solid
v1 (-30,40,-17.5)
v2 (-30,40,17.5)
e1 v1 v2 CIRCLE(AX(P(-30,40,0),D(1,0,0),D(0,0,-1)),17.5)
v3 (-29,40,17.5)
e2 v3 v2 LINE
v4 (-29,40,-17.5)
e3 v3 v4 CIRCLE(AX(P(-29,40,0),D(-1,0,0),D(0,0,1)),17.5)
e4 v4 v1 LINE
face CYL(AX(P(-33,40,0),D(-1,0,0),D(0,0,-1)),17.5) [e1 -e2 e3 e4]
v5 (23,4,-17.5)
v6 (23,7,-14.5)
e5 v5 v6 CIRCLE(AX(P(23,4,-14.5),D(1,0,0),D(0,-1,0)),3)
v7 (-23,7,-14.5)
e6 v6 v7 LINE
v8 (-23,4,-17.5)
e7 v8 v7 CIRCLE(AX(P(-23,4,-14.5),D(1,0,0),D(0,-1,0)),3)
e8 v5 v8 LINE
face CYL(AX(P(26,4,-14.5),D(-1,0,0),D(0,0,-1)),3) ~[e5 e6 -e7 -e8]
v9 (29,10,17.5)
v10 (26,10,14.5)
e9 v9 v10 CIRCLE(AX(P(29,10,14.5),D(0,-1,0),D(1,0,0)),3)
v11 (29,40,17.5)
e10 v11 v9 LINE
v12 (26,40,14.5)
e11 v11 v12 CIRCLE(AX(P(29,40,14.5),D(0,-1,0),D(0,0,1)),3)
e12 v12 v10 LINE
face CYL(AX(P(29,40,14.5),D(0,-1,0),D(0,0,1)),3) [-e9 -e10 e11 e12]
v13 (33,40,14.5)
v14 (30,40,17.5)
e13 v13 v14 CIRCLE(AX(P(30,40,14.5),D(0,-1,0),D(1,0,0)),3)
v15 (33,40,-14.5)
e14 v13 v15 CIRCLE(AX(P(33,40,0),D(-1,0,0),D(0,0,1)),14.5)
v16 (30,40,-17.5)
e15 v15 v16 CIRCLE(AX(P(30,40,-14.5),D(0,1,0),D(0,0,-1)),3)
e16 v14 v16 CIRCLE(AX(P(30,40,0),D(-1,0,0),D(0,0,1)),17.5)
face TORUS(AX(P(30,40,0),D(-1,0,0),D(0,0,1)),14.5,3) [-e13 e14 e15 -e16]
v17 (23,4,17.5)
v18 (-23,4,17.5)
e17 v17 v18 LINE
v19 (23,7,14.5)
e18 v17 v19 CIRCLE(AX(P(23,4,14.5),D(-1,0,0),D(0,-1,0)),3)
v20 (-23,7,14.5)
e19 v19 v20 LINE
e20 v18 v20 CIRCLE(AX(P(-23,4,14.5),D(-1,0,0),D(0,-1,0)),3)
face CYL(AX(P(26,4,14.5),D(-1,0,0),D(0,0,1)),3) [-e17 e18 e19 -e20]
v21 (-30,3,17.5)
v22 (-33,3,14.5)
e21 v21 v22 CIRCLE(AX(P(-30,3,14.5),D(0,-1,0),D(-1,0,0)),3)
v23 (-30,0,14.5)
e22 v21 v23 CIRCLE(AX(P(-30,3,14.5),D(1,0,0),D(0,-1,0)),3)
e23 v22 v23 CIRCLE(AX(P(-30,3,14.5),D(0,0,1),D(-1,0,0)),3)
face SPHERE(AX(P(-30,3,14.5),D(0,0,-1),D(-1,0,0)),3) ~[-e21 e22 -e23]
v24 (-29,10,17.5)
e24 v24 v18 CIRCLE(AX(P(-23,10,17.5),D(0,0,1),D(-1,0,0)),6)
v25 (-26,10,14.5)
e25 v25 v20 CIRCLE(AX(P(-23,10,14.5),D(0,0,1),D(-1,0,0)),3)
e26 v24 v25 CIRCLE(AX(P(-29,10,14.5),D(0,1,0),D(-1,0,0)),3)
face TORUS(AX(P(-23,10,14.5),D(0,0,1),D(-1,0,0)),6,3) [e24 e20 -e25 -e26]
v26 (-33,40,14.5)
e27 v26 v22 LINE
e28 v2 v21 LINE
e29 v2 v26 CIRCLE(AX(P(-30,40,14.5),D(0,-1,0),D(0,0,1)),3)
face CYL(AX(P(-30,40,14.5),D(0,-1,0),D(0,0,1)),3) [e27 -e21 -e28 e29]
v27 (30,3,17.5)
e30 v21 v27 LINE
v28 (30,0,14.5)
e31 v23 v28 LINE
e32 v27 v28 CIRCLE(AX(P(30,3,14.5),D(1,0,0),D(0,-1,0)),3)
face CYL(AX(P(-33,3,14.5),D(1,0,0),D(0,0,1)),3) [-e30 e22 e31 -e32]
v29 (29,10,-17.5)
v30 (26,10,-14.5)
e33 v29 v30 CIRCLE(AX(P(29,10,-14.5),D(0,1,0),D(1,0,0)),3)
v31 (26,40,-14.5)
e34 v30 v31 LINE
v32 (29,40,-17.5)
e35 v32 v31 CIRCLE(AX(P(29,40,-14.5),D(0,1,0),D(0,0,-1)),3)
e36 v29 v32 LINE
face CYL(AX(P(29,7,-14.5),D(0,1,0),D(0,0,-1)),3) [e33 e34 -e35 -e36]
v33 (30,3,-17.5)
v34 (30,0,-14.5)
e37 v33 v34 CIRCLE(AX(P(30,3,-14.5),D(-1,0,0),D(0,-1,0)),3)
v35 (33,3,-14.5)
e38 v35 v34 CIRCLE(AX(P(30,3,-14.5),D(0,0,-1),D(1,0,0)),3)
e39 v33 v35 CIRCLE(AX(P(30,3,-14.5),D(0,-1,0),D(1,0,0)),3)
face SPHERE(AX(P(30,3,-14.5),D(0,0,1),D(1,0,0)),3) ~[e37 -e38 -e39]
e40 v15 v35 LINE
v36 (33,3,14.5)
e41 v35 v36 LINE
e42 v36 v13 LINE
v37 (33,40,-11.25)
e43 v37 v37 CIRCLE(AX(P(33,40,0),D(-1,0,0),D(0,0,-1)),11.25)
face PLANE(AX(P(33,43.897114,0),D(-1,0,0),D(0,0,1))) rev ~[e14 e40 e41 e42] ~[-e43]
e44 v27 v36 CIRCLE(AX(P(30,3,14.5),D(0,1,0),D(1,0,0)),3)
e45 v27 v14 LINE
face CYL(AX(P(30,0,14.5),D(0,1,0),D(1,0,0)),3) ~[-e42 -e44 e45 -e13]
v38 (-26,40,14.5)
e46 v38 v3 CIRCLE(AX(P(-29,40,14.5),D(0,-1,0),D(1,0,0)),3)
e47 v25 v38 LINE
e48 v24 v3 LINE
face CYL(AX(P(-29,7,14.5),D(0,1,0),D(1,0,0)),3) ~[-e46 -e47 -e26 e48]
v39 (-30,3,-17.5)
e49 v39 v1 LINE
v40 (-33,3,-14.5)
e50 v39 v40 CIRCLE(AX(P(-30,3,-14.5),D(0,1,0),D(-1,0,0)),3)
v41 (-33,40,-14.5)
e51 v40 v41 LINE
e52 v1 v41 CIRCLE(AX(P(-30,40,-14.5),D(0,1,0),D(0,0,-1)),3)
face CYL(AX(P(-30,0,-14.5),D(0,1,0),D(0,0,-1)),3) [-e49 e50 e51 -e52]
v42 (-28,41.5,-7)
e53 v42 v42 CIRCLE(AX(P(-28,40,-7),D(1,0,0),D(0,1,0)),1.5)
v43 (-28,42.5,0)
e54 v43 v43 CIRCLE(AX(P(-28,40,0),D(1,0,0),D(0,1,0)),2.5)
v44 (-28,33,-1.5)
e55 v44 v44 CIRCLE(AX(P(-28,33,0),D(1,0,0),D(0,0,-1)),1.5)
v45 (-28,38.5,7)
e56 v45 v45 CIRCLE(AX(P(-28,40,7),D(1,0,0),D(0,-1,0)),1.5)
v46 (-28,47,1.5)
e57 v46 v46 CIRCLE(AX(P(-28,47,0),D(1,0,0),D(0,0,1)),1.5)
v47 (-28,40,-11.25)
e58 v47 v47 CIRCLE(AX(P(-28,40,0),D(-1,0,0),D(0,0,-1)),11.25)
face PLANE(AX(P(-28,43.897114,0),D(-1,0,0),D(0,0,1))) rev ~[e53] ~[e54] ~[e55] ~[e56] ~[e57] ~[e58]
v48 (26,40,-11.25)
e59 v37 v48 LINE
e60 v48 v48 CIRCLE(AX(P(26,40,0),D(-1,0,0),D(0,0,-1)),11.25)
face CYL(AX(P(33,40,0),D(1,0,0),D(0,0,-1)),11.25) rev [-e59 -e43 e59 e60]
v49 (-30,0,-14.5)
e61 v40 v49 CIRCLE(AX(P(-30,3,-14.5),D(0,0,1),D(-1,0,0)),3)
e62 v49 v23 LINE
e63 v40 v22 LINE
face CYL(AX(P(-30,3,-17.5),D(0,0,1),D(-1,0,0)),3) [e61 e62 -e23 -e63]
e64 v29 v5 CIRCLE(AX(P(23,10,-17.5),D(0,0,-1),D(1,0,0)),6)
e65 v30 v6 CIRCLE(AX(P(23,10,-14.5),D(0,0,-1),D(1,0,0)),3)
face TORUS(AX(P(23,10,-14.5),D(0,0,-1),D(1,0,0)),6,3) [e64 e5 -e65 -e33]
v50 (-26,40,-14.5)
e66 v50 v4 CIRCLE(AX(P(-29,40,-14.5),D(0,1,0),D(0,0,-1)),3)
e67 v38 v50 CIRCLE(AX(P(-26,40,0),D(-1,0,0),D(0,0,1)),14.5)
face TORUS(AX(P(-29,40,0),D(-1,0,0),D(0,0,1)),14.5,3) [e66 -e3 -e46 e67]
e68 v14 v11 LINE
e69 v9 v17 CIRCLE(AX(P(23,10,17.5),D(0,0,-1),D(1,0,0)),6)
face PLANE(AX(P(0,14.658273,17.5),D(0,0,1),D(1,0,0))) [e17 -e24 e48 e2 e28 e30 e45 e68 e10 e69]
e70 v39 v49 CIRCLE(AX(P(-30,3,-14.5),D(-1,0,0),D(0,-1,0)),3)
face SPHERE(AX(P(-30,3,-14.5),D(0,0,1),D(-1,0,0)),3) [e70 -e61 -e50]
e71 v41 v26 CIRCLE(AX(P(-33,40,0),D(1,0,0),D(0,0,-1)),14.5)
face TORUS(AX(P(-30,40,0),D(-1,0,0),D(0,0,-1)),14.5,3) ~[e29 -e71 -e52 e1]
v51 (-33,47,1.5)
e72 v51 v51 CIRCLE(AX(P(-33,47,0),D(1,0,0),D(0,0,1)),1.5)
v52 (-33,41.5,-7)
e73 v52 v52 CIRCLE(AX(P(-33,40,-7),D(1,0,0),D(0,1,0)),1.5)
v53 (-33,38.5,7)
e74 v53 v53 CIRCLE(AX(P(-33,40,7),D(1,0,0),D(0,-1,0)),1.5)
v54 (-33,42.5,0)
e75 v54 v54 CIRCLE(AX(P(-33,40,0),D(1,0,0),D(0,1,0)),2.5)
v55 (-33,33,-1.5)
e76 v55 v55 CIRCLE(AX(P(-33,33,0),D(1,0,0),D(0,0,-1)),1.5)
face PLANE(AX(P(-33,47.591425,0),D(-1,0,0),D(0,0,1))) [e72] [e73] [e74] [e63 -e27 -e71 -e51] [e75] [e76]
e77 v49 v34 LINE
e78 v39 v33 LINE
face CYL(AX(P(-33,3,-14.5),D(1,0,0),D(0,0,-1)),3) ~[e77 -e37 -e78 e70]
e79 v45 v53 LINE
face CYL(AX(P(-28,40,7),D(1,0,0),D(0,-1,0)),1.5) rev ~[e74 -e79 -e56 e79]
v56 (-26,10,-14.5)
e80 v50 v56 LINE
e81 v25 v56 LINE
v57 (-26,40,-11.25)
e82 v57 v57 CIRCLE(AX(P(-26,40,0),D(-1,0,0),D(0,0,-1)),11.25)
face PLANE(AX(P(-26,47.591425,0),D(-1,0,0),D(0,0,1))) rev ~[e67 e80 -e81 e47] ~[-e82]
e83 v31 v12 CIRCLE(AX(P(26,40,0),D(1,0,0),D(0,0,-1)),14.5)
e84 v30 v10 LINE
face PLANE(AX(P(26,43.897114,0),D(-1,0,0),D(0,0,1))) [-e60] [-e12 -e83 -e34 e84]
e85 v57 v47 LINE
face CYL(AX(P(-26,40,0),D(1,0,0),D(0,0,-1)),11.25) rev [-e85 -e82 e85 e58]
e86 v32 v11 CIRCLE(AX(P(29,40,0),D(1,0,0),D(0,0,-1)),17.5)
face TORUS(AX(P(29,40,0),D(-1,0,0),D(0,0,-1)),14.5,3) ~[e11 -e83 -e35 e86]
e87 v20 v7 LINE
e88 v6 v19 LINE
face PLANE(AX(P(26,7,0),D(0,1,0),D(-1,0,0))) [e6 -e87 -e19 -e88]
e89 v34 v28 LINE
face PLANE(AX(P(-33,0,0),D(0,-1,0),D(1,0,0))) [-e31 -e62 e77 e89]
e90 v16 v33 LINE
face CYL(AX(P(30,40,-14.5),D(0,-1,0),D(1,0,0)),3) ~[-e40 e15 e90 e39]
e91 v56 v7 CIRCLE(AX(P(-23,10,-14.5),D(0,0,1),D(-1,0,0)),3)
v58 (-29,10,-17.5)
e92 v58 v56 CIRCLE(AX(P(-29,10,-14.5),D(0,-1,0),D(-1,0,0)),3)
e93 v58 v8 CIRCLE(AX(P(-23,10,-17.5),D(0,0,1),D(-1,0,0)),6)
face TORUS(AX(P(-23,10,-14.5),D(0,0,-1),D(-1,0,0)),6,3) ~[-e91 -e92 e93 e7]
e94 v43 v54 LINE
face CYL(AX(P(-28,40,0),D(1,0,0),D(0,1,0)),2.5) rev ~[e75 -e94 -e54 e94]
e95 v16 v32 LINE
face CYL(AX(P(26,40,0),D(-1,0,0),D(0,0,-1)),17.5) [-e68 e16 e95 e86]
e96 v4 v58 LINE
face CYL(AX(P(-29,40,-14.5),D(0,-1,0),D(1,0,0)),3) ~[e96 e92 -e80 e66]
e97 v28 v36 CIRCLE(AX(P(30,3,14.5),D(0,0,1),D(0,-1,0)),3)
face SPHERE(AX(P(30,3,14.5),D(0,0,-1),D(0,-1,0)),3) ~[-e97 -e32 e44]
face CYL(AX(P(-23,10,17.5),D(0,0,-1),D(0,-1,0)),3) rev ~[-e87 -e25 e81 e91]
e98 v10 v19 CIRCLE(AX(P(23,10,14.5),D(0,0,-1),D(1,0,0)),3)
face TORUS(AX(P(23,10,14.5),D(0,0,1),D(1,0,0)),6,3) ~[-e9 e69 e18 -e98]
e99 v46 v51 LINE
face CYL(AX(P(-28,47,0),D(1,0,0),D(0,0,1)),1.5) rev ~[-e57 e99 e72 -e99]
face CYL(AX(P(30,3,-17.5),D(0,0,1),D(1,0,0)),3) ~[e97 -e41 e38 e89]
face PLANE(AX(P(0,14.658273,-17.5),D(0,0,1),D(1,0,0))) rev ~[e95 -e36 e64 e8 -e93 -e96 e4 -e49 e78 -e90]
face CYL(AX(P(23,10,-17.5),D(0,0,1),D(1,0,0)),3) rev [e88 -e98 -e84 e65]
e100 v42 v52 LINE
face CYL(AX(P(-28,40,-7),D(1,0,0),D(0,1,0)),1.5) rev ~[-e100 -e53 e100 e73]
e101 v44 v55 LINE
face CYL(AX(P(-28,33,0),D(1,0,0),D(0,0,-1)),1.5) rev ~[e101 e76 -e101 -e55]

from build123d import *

# Parameters (mm, degrees)
EXTRUDE_THIN1_DEPTH = 17.5
BOSS_EXTRUDE2_DEPTH = 7
BOSS_EXTRUDE3_START = -59
BOSS_EXTRUDE3_DEPTH = 7
FILLET1_R           = 3
CUT_EXTRUDE1_START  = -7
CUT_EXTRUDE1_DEPTH  = 2
CUT_EXTRUDE2_START  = -66
CUT_EXTRUDE2_DEPTH  = 7
CUT_EXTRUDE3_REACH  = 87.636
SKETCH4_R           = 2.5
CUT_EXTRUDE4_REACH  = 87.636
SKETCH4_3_R         = 1.5
CIRPATTERN1_COUNT   = 4


with BuildPart() as part:
    # Sketch2 → Extrude-Thin1 (new, symmetric)
    with BuildSketch(Plane.XY):
        Polygon((-33, 40), (-33, 0), (33, 0), (33, 40), (26, 40), (26, 7), (-26, 7), (-26, 40), align=None)
    extrude(amount=EXTRUDE_THIN1_DEPTH, both=True)

    # Sketch3 → Boss-Extrude2 (add)
    with BuildSketch(Plane.ZY.offset(33)):
        with BuildLine():
            Line((11.25, 40), (17.5, 40))
            ThreePointArc((17.5, 40), (0, 57.5), (-17.5, 40))
            Line((-17.5, 40), (-11.25, 40))
            ThreePointArc((-11.25, 40), (0, 51.25), (11.25, 40))
        make_face()
        with BuildLine():
            ThreePointArc((-17.5, 40), (0, 22.5), (17.5, 40))
            Line((17.5, 40), (11.25, 40))
            ThreePointArc((11.25, 40), (0, 28.75), (-11.25, 40))
            Line((-11.25, 40), (-17.5, 40))
        make_face()
        with BuildLine():
            Line((-11.25, 40), (11.25, 40))
            ThreePointArc((11.25, 40), (0, 51.25), (-11.25, 40))
        make_face()
        with BuildLine():
            ThreePointArc((-11.25, 40), (0, 28.75), (11.25, 40))
            Line((11.25, 40), (-11.25, 40))
        make_face()
    extrude(amount=-BOSS_EXTRUDE2_DEPTH)

    # Sketch3<3> → Boss-Extrude3 (add)
    with BuildSketch(Plane.ZY.offset(33).offset(BOSS_EXTRUDE3_START)):
        with BuildLine():
            Line((-11.25, 40), (11.25, 40))
            ThreePointArc((11.25, 40), (0, 51.25), (-11.25, 40))
        make_face()
        with BuildLine():
            ThreePointArc((-11.25, 40), (0, 28.75), (11.25, 40))
            Line((11.25, 40), (-11.25, 40))
        make_face()
        with BuildLine():
            Line((11.25, 40), (17.5, 40))
            ThreePointArc((17.5, 40), (0, 57.5), (-17.5, 40))
            Line((-17.5, 40), (-11.25, 40))
            ThreePointArc((-11.25, 40), (0, 51.25), (11.25, 40))
        make_face()
        with BuildLine():
            ThreePointArc((-17.5, 40), (0, 22.5), (17.5, 40))
            Line((17.5, 40), (11.25, 40))
            ThreePointArc((11.25, 40), (0, 28.75), (-11.25, 40))
            Line((-11.25, 40), (-17.5, 40))
        make_face()
    extrude(amount=-BOSS_EXTRUDE3_DEPTH)

    # Fillet1
    fillet1_edges = [part.edges().sort_by_distance(p)[0] for p in [
        (-26, 7, 0),
        (26, 7, 0),
        (33, 0, 0),
        (-33, 0, 0),
        (-33, 20, 17.5),
        (0, 0, 17.5),
        (33, 20, 17.5),
        (-33, 57.5, 0),
        (-26, 57.5, 0),
        (26, 23.5, 17.5),
        (33, 57.5, 0),
        (26, 57.5, 0),
        (0, 7, 17.5),
        (-26, 23.5, 17.5),
        (0, 7, -17.5),
        (26, 23.5, -17.5),
        (33, 20, -17.5),
        (0, 0, -17.5),
        (-33, 20, -17.5),
        (-26, 23.5, -17.5),
    ]]
    fillet(fillet1_edges, radius=FILLET1_R)

    # Sketch3<4> → Cut-Extrude1 (cut)
    with BuildSketch(Plane.ZY.offset(33).offset(CUT_EXTRUDE1_START)):
        with BuildLine():
            Line((-11.25, 40), (11.25, 40))
            ThreePointArc((11.25, 40), (0, 51.25), (-11.25, 40))
        make_face()
        with BuildLine():
            ThreePointArc((-11.25, 40), (0, 28.75), (11.25, 40))
            Line((11.25, 40), (-11.25, 40))
        make_face()
    extrude(amount=CUT_EXTRUDE1_DEPTH, mode=Mode.SUBTRACT)

    # Sketch3<5> → Cut-Extrude2 (cut)
    with BuildSketch(Plane.ZY.offset(33).offset(CUT_EXTRUDE2_START)):
        with BuildLine():
            Line((-11.25, 40), (11.25, 40))
            ThreePointArc((11.25, 40), (0, 51.25), (-11.25, 40))
        make_face()
        with BuildLine():
            ThreePointArc((-11.25, 40), (0, 28.75), (11.25, 40))
            Line((11.25, 40), (-11.25, 40))
        make_face()
    extrude(amount=CUT_EXTRUDE2_DEPTH, mode=Mode.SUBTRACT)

    # Sketch4 → Cut-Extrude3 (cut, up to next)
    with BuildSketch(Plane(origin=(-28, 0, 0), x_dir=(0, 0, -1), z_dir=(1, 0, 0)), mode=Mode.PRIVATE) as cut_extrude3_sk1:
        with Locations(Location((0, 40, 0), (0, 0, 90))):
            Circle(SKETCH4_R)
    cut_extrude3_tool1 = extrude(cut_extrude3_sk1.sketch, amount=-CUT_EXTRUDE3_REACH, mode=Mode.PRIVATE) & part.part
    add(cut_extrude3_tool1.solids().sort_by_distance((-28, 40, 0))[0], mode=Mode.SUBTRACT)

    # Sketch4<3> → Cut-Extrude4 (cut, up to next)
    with BuildSketch(Plane(origin=(-28, 0, 0), x_dir=(0, 0, -1), z_dir=(1, 0, 0)), mode=Mode.PRIVATE) as cut_extrude4_sk1:
        with Locations(Location((7, 40, 0), (0, 0, 90))):
            Circle(SKETCH4_3_R)
    cut_extrude4_tool1 = extrude(cut_extrude4_sk1.sketch, amount=-CUT_EXTRUDE4_REACH, mode=Mode.PRIVATE) & part.part
    cut_extrude4 = cut_extrude4_tool1.solids().sort_by_distance((-28, 40, -7))[0]
    add(cut_extrude4, mode=Mode.SUBTRACT)

    # CirPattern1: Cut-Extrude4 ×4 about axis
    cirpattern1_axis = Axis((0, 40, 0), (1, 0, 0))
    for i in range(1, CIRPATTERN1_COUNT):
        add(cut_extrude4.rotate(cirpattern1_axis, i * 360 / CIRPATTERN1_COUNT), mode=Mode.SUBTRACT)


solid = part.part
